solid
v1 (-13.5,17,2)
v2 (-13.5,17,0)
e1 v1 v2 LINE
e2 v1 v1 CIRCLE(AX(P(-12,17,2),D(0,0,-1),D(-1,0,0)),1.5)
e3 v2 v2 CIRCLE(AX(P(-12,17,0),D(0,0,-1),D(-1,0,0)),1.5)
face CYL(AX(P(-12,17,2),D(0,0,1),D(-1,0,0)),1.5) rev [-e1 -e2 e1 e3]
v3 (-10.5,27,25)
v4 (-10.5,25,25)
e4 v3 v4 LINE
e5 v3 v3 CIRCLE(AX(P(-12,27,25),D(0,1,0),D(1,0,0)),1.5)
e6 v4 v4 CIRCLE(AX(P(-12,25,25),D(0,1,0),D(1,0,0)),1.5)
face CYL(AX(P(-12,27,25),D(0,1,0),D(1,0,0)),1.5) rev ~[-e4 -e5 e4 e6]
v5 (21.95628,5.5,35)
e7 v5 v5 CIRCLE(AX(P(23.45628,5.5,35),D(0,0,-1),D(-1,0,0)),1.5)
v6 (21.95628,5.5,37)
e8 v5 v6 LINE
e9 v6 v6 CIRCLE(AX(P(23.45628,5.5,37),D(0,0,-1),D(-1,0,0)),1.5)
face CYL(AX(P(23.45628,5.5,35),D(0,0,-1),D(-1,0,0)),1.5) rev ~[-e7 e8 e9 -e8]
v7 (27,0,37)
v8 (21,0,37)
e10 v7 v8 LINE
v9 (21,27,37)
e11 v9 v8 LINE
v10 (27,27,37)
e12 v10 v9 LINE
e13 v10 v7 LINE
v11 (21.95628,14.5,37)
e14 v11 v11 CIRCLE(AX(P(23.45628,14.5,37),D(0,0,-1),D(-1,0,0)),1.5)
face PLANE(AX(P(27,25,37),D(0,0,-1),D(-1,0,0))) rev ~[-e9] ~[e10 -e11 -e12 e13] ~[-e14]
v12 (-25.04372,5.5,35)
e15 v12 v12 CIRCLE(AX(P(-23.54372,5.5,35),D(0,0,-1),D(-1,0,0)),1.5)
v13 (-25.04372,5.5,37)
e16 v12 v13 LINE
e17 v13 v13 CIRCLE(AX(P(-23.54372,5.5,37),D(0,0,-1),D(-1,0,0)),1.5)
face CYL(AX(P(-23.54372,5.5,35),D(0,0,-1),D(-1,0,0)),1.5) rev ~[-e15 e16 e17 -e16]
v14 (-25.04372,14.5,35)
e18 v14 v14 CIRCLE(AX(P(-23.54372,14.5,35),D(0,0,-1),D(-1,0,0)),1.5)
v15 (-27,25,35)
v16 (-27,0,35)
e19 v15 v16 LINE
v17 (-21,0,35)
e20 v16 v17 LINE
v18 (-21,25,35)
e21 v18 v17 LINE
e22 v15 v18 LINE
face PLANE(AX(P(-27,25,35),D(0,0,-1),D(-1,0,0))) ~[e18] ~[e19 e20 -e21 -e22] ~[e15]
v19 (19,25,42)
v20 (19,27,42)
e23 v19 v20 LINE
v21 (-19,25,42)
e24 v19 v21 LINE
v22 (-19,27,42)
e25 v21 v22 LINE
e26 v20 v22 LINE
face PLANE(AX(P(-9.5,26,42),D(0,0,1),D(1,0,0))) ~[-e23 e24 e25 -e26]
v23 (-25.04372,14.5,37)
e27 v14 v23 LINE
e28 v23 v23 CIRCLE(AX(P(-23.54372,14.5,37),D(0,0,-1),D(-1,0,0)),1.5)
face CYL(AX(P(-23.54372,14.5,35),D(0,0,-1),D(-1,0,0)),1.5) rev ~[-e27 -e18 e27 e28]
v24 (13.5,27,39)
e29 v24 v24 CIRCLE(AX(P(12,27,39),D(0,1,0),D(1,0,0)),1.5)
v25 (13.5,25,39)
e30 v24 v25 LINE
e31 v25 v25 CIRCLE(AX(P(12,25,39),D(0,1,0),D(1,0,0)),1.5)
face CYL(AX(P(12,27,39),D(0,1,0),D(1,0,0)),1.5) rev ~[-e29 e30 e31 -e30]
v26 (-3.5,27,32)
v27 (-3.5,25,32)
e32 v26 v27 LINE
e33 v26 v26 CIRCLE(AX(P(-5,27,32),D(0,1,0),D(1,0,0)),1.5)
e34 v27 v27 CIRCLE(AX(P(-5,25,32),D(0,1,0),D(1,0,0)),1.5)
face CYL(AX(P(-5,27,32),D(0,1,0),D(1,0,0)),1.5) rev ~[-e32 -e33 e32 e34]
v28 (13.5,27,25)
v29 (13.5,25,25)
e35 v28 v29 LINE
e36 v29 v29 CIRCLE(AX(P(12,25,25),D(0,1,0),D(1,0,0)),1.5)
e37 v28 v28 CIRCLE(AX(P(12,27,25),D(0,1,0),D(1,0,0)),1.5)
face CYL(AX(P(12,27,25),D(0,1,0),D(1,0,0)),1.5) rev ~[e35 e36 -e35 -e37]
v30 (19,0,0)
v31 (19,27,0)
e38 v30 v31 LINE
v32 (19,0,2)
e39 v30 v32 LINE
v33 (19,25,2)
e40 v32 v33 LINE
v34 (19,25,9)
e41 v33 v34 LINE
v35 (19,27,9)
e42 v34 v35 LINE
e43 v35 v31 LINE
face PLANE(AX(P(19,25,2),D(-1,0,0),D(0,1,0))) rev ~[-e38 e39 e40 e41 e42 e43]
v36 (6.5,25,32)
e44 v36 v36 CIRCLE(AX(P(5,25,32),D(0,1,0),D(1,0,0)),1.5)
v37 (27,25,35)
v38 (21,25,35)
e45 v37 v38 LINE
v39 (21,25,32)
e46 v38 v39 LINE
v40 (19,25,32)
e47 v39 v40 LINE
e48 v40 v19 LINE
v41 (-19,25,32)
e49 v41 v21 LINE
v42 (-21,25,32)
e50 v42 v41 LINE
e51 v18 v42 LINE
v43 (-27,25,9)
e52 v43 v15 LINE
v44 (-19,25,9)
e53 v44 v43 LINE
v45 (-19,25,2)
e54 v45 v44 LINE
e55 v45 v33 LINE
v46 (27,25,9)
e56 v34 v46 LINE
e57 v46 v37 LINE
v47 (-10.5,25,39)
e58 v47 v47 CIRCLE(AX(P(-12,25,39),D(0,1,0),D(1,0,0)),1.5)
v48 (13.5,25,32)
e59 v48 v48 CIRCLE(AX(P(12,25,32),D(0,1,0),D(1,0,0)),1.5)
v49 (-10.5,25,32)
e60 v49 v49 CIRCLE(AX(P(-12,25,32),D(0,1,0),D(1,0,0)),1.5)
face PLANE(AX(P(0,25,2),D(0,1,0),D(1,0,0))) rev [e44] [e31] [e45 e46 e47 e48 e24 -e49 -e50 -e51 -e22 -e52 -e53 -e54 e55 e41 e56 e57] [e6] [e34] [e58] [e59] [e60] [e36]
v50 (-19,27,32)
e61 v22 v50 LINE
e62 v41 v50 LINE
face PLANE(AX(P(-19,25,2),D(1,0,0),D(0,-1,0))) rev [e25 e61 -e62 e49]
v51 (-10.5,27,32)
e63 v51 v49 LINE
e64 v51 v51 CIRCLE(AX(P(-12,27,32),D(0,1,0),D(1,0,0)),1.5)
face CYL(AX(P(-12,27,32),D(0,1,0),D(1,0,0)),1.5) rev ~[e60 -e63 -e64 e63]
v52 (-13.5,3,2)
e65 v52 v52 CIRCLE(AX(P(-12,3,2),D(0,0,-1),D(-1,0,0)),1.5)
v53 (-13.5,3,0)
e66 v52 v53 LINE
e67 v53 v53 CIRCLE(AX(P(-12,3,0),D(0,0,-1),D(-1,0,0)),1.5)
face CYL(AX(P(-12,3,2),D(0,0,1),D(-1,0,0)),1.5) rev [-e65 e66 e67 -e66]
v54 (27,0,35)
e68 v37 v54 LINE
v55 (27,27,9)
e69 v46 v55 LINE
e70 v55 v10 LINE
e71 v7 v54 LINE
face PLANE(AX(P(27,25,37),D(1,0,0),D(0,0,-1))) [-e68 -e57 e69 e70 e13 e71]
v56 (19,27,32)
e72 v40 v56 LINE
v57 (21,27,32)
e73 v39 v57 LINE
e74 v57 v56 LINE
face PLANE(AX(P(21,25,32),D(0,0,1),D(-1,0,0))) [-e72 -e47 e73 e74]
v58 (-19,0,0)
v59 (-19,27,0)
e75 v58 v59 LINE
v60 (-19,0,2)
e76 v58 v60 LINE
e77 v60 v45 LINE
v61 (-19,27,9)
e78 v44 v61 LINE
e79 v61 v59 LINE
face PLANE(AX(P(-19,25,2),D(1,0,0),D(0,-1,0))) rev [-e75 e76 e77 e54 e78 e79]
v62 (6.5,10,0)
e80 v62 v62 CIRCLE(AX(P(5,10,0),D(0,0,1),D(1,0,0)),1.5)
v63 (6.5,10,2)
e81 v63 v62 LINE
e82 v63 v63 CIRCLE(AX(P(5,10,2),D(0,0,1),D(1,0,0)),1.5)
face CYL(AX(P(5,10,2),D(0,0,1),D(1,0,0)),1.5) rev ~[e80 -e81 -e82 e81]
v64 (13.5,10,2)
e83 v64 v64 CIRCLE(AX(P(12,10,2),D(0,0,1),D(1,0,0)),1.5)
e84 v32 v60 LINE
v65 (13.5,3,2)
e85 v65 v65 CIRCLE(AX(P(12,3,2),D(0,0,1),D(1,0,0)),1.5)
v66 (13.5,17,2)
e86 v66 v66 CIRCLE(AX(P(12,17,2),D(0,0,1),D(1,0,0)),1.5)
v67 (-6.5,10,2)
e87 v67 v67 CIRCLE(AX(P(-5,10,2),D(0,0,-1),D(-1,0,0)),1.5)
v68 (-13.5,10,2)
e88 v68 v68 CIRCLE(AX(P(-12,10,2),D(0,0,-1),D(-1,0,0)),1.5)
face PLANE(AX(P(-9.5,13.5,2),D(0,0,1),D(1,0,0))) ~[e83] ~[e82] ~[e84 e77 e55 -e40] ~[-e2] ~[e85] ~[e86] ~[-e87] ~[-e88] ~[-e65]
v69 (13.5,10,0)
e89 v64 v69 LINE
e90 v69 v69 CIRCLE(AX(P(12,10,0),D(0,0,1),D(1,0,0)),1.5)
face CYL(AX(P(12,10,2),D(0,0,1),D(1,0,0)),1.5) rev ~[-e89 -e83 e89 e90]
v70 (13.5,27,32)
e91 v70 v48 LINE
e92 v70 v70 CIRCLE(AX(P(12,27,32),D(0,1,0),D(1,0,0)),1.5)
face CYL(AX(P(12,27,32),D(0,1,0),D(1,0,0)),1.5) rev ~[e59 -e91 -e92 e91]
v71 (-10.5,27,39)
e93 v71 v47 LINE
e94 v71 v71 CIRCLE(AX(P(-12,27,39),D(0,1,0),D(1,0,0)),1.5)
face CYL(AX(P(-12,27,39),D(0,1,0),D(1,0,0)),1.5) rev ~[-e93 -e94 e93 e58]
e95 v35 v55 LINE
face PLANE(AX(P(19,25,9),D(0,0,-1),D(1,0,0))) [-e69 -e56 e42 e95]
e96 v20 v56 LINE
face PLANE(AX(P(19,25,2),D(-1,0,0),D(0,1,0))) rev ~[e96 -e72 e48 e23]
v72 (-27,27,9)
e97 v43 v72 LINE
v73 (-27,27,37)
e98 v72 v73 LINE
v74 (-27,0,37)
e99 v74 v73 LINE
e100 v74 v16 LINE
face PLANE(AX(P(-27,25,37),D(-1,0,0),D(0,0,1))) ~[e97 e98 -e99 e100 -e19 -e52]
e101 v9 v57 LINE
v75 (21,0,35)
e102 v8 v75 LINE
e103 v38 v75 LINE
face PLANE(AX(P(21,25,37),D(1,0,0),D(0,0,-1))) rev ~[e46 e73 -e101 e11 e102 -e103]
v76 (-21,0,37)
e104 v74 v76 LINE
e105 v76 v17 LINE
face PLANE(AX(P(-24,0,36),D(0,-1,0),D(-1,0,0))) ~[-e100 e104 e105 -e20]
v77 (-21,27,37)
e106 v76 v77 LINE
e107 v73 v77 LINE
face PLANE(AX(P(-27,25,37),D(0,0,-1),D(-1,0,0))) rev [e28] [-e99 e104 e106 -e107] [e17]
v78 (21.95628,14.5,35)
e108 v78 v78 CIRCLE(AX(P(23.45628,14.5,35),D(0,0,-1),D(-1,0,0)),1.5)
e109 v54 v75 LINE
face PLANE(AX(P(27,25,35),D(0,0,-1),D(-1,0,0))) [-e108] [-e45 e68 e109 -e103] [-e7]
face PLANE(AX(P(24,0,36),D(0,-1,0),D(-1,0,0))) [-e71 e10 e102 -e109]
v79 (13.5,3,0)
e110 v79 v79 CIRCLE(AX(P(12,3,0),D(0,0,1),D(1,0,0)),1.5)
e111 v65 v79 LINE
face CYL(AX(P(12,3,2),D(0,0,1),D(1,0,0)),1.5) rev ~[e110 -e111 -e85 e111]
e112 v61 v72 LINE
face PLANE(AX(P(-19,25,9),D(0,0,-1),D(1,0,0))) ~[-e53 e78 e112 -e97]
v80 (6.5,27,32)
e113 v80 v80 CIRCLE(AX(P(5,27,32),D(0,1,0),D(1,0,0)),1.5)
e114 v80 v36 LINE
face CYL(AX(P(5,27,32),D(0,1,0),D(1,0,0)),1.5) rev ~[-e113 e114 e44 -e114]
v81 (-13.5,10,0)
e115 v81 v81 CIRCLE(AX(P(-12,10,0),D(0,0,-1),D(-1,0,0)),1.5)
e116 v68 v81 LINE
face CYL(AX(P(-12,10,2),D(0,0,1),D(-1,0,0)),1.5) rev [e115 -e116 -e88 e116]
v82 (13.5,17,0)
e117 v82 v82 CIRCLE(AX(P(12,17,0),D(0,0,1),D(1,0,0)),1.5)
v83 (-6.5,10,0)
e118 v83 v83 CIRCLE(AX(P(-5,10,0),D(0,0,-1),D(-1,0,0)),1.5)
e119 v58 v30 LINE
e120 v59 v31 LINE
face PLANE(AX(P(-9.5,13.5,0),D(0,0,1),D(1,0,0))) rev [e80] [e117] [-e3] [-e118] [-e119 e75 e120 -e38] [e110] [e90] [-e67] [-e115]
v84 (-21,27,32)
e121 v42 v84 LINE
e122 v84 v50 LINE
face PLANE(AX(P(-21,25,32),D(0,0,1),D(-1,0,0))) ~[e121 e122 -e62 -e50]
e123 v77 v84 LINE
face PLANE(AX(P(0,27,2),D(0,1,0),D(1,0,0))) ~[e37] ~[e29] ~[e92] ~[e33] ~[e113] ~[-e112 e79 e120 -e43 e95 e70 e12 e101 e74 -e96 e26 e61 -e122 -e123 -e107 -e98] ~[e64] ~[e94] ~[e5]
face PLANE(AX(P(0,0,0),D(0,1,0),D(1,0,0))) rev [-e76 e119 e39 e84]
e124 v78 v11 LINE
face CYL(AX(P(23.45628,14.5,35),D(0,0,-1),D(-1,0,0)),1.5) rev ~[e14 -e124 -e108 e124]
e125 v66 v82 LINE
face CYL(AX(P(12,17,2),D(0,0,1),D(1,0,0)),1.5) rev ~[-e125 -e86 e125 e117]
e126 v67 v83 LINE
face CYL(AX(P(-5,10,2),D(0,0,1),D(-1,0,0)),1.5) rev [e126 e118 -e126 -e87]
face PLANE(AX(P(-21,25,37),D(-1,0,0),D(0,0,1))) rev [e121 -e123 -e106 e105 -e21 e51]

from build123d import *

# Parameters (mm, degrees)
SKETCH1_W           = 19
SKETCH1_H           = 27
BOSS_EXTRUDE1_DEPTH = 2
SKETCH2_W           = 19
SKETCH2_H           = 2
BOSS_EXTRUDE2_DEPTH = 40
BOSS_EXTRUDE3_DEPTH = 2
SKETCH5_W           = 6
SKETCH5_H           = 2
BOSS_EXTRUDE4_DEPTH = 25
SKETCH6_R           = 1.5
CUT_EXTRUDE1_DEPTH  = 2
CUT_EXTRUDE2_REACH  = 9
SKETCH7_R           = 1.5
CUT_EXTRUDE4_REACH  = 29
SKETCH9_R           = 1.5


with BuildPart() as part:
    # Sketch1 → Boss-Extrude1 (new body)
    with BuildSketch(Plane.XY):
        with Locations((9.5, 13.5)):
            Rectangle(SKETCH1_W, SKETCH1_H)
    boss_extrude1 = extrude(amount=BOSS_EXTRUDE1_DEPTH)

    # Sketch2 → Boss-Extrude2 (add)
    with BuildSketch(Plane.XY.offset(2)):
        with Locations((9.5, 26)):
            Rectangle(SKETCH2_W, SKETCH2_H)
    boss_extrude2 = extrude(amount=BOSS_EXTRUDE2_DEPTH)

    # Sketch3 → Boss-Extrude3 (add)
    with BuildSketch(Plane(origin=(0, 25, 0), x_dir=(-1, 0, 0), z_dir=(0, -1, 0))):
        Polygon((-19, -32), (-19, -9), (-27, -9), (-27, -37), (-21, -37), (-21, -32), align=None)
    boss_extrude3 = extrude(amount=-BOSS_EXTRUDE3_DEPTH)

    # Sketch5 → Boss-Extrude4 (add)
    with BuildSketch(Plane(origin=(0, 25, 0), x_dir=(-1, 0, 0), z_dir=(0, -1, 0))):
        with Locations((-24, -36)):
            Rectangle(SKETCH5_W, SKETCH5_H)
    boss_extrude4 = extrude(amount=BOSS_EXTRUDE4_DEPTH)

    # Sketch6 → Cut-Extrude1 (cut)
    with BuildSketch(Plane.XY.offset(2)):
        with Locations((12, 3)):
            Circle(SKETCH6_R)
        with Locations((12, 10)):
            Circle(SKETCH6_R)
        with Locations((12, 17)):
            Circle(SKETCH6_R)
        with Locations((5, 10)):
            Circle(SKETCH6_R)
    cut_extrude1 = extrude(amount=-CUT_EXTRUDE1_DEPTH, mode=Mode.SUBTRACT)

    # Mirror2: Boss-Extrude1, Boss-Extrude2, Boss-Extrude3, Boss-Extrude4, Cut-Extrude1 across plane
    add(boss_extrude1.mirror(Plane(origin=(0, 0, 2), x_dir=(0, 0, 1), z_dir=(1, 0, 0))))
    add(boss_extrude2.mirror(Plane(origin=(0, 0, 2), x_dir=(0, 0, 1), z_dir=(1, 0, 0))))
    add(boss_extrude3.mirror(Plane(origin=(0, 0, 2), x_dir=(0, 0, 1), z_dir=(1, 0, 0))))
    add(boss_extrude4.mirror(Plane(origin=(0, 0, 2), x_dir=(0, 0, 1), z_dir=(1, 0, 0))))
    add(cut_extrude1.mirror(Plane(origin=(0, 0, 2), x_dir=(0, 0, 1), z_dir=(1, 0, 0))), mode=Mode.SUBTRACT)

    # Sketch7 → Cut-Extrude2 (cut, up to next)
    with BuildSketch(Plane(origin=(0, 0, 35), x_dir=(-1, 0, 0), z_dir=(0, 0, -1)), mode=Mode.PRIVATE) as cut_extrude2_sk1:
        with Locations((-23.456279898, 5.5)):
            Circle(SKETCH7_R)
    cut_extrude2_tool1 = extrude(cut_extrude2_sk1.sketch, amount=-CUT_EXTRUDE2_REACH, mode=Mode.PRIVATE) & part.part
    add(cut_extrude2_tool1.solids().sort_by_distance((23.45628, 5.5, 35))[0], mode=Mode.SUBTRACT)
    # Sketch7 → Cut-Extrude2 (cut, up to next)
    with BuildSketch(Plane(origin=(0, 0, 35), x_dir=(-1, 0, 0), z_dir=(0, 0, -1)), mode=Mode.PRIVATE) as cut_extrude2_sk2:
        with Locations((-23.456279898, 14.5)):
            Circle(SKETCH7_R)
    cut_extrude2_tool2 = extrude(cut_extrude2_sk2.sketch, amount=-CUT_EXTRUDE2_REACH, mode=Mode.PRIVATE) & part.part
    add(cut_extrude2_tool2.solids().sort_by_distance((23.45628, 14.5, 35))[0], mode=Mode.SUBTRACT)
    # Sketch7 → Cut-Extrude2 (cut, up to next)
    with BuildSketch(Plane(origin=(0, 0, 35), x_dir=(-1, 0, 0), z_dir=(0, 0, -1)), mode=Mode.PRIVATE) as cut_extrude2_sk3:
        with Locations((23.543720102, 5.5)):
            Circle(SKETCH7_R)
    cut_extrude2_tool3 = extrude(cut_extrude2_sk3.sketch, amount=-CUT_EXTRUDE2_REACH, mode=Mode.PRIVATE) & part.part
    add(cut_extrude2_tool3.solids().sort_by_distance((-23.54372, 5.5, 35))[0], mode=Mode.SUBTRACT)
    # Sketch7 → Cut-Extrude2 (cut, up to next)
    with BuildSketch(Plane(origin=(0, 0, 35), x_dir=(-1, 0, 0), z_dir=(0, 0, -1)), mode=Mode.PRIVATE) as cut_extrude2_sk4:
        with Locations((23.543720102, 14.5)):
            Circle(SKETCH7_R)
    cut_extrude2_tool4 = extrude(cut_extrude2_sk4.sketch, amount=-CUT_EXTRUDE2_REACH, mode=Mode.PRIVATE) & part.part
    add(cut_extrude2_tool4.solids().sort_by_distance((-23.54372, 14.5, 35))[0], mode=Mode.SUBTRACT)

    # Sketch9 → Cut-Extrude4 (cut, up to next)
    with BuildSketch(Plane(origin=(0, 27, 0), x_dir=(1, 0, 0), z_dir=(0, 1, 0)), mode=Mode.PRIVATE) as cut_extrude4_sk1:
        with Locations((12, -32)):
            Circle(SKETCH9_R)
    cut_extrude4_tool1 = extrude(cut_extrude4_sk1.sketch, amount=-CUT_EXTRUDE4_REACH, mode=Mode.PRIVATE) & part.part
    add(cut_extrude4_tool1.solids().sort_by_distance((12, 27, 32))[0], mode=Mode.SUBTRACT)
    # Sketch9 → Cut-Extrude4 (cut, up to next)
    with BuildSketch(Plane(origin=(0, 27, 0), x_dir=(1, 0, 0), z_dir=(0, 1, 0)), mode=Mode.PRIVATE) as cut_extrude4_sk2:
        with Locations((12, -25)):
            Circle(SKETCH9_R)
    cut_extrude4_tool2 = extrude(cut_extrude4_sk2.sketch, amount=-CUT_EXTRUDE4_REACH, mode=Mode.PRIVATE) & part.part
    add(cut_extrude4_tool2.solids().sort_by_distance((12, 27, 25))[0], mode=Mode.SUBTRACT)
    # Sketch9 → Cut-Extrude4 (cut, up to next)
    with BuildSketch(Plane(origin=(0, 27, 0), x_dir=(1, 0, 0), z_dir=(0, 1, 0)), mode=Mode.PRIVATE) as cut_extrude4_sk3:
        with Locations((12, -39)):
            Circle(SKETCH9_R)
    cut_extrude4_tool3 = extrude(cut_extrude4_sk3.sketch, amount=-CUT_EXTRUDE4_REACH, mode=Mode.PRIVATE) & part.part
    add(cut_extrude4_tool3.solids().sort_by_distance((12, 27, 39))[0], mode=Mode.SUBTRACT)
    # Sketch9 → Cut-Extrude4 (cut, up to next)
    with BuildSketch(Plane(origin=(0, 27, 0), x_dir=(1, 0, 0), z_dir=(0, 1, 0)), mode=Mode.PRIVATE) as cut_extrude4_sk4:
        with Locations((5, -32)):
            Circle(SKETCH9_R)
    cut_extrude4_tool4 = extrude(cut_extrude4_sk4.sketch, amount=-CUT_EXTRUDE4_REACH, mode=Mode.PRIVATE) & part.part
    add(cut_extrude4_tool4.solids().sort_by_distance((5, 27, 32))[0], mode=Mode.SUBTRACT)
    # Sketch9 → Cut-Extrude4 (cut, up to next)
    with BuildSketch(Plane(origin=(0, 27, 0), x_dir=(1, 0, 0), z_dir=(0, 1, 0)), mode=Mode.PRIVATE) as cut_extrude4_sk5:
        with Locations((-5, -32)):
            Circle(SKETCH9_R)
    cut_extrude4_tool5 = extrude(cut_extrude4_sk5.sketch, amount=-CUT_EXTRUDE4_REACH, mode=Mode.PRIVATE) & part.part
    add(cut_extrude4_tool5.solids().sort_by_distance((-5, 27, 32))[0], mode=Mode.SUBTRACT)
    # Sketch9 → Cut-Extrude4 (cut, up to next)
    with BuildSketch(Plane(origin=(0, 27, 0), x_dir=(1, 0, 0), z_dir=(0, 1, 0)), mode=Mode.PRIVATE) as cut_extrude4_sk6:
        with Locations((-12, -32)):
            Circle(SKETCH9_R)
    cut_extrude4_tool6 = extrude(cut_extrude4_sk6.sketch, amount=-CUT_EXTRUDE4_REACH, mode=Mode.PRIVATE) & part.part
    add(cut_extrude4_tool6.solids().sort_by_distance((-12, 27, 32))[0], mode=Mode.SUBTRACT)
    # Sketch9 → Cut-Extrude4 (cut, up to next)
    with BuildSketch(Plane(origin=(0, 27, 0), x_dir=(1, 0, 0), z_dir=(0, 1, 0)), mode=Mode.PRIVATE) as cut_extrude4_sk7:
        with Locations((-12, -39)):
            Circle(SKETCH9_R)
    cut_extrude4_tool7 = extrude(cut_extrude4_sk7.sketch, amount=-CUT_EXTRUDE4_REACH, mode=Mode.PRIVATE) & part.part
    add(cut_extrude4_tool7.solids().sort_by_distance((-12, 27, 39))[0], mode=Mode.SUBTRACT)
    # Sketch9 → Cut-Extrude4 (cut, up to next)
    with BuildSketch(Plane(origin=(0, 27, 0), x_dir=(1, 0, 0), z_dir=(0, 1, 0)), mode=Mode.PRIVATE) as cut_extrude4_sk8:
        with Locations((-12, -25)):
            Circle(SKETCH9_R)
    cut_extrude4_tool8 = extrude(cut_extrude4_sk8.sketch, amount=-CUT_EXTRUDE4_REACH, mode=Mode.PRIVATE) & part.part
    add(cut_extrude4_tool8.solids().sort_by_distance((-12, 27, 25))[0], mode=Mode.SUBTRACT)


solid = part.part
